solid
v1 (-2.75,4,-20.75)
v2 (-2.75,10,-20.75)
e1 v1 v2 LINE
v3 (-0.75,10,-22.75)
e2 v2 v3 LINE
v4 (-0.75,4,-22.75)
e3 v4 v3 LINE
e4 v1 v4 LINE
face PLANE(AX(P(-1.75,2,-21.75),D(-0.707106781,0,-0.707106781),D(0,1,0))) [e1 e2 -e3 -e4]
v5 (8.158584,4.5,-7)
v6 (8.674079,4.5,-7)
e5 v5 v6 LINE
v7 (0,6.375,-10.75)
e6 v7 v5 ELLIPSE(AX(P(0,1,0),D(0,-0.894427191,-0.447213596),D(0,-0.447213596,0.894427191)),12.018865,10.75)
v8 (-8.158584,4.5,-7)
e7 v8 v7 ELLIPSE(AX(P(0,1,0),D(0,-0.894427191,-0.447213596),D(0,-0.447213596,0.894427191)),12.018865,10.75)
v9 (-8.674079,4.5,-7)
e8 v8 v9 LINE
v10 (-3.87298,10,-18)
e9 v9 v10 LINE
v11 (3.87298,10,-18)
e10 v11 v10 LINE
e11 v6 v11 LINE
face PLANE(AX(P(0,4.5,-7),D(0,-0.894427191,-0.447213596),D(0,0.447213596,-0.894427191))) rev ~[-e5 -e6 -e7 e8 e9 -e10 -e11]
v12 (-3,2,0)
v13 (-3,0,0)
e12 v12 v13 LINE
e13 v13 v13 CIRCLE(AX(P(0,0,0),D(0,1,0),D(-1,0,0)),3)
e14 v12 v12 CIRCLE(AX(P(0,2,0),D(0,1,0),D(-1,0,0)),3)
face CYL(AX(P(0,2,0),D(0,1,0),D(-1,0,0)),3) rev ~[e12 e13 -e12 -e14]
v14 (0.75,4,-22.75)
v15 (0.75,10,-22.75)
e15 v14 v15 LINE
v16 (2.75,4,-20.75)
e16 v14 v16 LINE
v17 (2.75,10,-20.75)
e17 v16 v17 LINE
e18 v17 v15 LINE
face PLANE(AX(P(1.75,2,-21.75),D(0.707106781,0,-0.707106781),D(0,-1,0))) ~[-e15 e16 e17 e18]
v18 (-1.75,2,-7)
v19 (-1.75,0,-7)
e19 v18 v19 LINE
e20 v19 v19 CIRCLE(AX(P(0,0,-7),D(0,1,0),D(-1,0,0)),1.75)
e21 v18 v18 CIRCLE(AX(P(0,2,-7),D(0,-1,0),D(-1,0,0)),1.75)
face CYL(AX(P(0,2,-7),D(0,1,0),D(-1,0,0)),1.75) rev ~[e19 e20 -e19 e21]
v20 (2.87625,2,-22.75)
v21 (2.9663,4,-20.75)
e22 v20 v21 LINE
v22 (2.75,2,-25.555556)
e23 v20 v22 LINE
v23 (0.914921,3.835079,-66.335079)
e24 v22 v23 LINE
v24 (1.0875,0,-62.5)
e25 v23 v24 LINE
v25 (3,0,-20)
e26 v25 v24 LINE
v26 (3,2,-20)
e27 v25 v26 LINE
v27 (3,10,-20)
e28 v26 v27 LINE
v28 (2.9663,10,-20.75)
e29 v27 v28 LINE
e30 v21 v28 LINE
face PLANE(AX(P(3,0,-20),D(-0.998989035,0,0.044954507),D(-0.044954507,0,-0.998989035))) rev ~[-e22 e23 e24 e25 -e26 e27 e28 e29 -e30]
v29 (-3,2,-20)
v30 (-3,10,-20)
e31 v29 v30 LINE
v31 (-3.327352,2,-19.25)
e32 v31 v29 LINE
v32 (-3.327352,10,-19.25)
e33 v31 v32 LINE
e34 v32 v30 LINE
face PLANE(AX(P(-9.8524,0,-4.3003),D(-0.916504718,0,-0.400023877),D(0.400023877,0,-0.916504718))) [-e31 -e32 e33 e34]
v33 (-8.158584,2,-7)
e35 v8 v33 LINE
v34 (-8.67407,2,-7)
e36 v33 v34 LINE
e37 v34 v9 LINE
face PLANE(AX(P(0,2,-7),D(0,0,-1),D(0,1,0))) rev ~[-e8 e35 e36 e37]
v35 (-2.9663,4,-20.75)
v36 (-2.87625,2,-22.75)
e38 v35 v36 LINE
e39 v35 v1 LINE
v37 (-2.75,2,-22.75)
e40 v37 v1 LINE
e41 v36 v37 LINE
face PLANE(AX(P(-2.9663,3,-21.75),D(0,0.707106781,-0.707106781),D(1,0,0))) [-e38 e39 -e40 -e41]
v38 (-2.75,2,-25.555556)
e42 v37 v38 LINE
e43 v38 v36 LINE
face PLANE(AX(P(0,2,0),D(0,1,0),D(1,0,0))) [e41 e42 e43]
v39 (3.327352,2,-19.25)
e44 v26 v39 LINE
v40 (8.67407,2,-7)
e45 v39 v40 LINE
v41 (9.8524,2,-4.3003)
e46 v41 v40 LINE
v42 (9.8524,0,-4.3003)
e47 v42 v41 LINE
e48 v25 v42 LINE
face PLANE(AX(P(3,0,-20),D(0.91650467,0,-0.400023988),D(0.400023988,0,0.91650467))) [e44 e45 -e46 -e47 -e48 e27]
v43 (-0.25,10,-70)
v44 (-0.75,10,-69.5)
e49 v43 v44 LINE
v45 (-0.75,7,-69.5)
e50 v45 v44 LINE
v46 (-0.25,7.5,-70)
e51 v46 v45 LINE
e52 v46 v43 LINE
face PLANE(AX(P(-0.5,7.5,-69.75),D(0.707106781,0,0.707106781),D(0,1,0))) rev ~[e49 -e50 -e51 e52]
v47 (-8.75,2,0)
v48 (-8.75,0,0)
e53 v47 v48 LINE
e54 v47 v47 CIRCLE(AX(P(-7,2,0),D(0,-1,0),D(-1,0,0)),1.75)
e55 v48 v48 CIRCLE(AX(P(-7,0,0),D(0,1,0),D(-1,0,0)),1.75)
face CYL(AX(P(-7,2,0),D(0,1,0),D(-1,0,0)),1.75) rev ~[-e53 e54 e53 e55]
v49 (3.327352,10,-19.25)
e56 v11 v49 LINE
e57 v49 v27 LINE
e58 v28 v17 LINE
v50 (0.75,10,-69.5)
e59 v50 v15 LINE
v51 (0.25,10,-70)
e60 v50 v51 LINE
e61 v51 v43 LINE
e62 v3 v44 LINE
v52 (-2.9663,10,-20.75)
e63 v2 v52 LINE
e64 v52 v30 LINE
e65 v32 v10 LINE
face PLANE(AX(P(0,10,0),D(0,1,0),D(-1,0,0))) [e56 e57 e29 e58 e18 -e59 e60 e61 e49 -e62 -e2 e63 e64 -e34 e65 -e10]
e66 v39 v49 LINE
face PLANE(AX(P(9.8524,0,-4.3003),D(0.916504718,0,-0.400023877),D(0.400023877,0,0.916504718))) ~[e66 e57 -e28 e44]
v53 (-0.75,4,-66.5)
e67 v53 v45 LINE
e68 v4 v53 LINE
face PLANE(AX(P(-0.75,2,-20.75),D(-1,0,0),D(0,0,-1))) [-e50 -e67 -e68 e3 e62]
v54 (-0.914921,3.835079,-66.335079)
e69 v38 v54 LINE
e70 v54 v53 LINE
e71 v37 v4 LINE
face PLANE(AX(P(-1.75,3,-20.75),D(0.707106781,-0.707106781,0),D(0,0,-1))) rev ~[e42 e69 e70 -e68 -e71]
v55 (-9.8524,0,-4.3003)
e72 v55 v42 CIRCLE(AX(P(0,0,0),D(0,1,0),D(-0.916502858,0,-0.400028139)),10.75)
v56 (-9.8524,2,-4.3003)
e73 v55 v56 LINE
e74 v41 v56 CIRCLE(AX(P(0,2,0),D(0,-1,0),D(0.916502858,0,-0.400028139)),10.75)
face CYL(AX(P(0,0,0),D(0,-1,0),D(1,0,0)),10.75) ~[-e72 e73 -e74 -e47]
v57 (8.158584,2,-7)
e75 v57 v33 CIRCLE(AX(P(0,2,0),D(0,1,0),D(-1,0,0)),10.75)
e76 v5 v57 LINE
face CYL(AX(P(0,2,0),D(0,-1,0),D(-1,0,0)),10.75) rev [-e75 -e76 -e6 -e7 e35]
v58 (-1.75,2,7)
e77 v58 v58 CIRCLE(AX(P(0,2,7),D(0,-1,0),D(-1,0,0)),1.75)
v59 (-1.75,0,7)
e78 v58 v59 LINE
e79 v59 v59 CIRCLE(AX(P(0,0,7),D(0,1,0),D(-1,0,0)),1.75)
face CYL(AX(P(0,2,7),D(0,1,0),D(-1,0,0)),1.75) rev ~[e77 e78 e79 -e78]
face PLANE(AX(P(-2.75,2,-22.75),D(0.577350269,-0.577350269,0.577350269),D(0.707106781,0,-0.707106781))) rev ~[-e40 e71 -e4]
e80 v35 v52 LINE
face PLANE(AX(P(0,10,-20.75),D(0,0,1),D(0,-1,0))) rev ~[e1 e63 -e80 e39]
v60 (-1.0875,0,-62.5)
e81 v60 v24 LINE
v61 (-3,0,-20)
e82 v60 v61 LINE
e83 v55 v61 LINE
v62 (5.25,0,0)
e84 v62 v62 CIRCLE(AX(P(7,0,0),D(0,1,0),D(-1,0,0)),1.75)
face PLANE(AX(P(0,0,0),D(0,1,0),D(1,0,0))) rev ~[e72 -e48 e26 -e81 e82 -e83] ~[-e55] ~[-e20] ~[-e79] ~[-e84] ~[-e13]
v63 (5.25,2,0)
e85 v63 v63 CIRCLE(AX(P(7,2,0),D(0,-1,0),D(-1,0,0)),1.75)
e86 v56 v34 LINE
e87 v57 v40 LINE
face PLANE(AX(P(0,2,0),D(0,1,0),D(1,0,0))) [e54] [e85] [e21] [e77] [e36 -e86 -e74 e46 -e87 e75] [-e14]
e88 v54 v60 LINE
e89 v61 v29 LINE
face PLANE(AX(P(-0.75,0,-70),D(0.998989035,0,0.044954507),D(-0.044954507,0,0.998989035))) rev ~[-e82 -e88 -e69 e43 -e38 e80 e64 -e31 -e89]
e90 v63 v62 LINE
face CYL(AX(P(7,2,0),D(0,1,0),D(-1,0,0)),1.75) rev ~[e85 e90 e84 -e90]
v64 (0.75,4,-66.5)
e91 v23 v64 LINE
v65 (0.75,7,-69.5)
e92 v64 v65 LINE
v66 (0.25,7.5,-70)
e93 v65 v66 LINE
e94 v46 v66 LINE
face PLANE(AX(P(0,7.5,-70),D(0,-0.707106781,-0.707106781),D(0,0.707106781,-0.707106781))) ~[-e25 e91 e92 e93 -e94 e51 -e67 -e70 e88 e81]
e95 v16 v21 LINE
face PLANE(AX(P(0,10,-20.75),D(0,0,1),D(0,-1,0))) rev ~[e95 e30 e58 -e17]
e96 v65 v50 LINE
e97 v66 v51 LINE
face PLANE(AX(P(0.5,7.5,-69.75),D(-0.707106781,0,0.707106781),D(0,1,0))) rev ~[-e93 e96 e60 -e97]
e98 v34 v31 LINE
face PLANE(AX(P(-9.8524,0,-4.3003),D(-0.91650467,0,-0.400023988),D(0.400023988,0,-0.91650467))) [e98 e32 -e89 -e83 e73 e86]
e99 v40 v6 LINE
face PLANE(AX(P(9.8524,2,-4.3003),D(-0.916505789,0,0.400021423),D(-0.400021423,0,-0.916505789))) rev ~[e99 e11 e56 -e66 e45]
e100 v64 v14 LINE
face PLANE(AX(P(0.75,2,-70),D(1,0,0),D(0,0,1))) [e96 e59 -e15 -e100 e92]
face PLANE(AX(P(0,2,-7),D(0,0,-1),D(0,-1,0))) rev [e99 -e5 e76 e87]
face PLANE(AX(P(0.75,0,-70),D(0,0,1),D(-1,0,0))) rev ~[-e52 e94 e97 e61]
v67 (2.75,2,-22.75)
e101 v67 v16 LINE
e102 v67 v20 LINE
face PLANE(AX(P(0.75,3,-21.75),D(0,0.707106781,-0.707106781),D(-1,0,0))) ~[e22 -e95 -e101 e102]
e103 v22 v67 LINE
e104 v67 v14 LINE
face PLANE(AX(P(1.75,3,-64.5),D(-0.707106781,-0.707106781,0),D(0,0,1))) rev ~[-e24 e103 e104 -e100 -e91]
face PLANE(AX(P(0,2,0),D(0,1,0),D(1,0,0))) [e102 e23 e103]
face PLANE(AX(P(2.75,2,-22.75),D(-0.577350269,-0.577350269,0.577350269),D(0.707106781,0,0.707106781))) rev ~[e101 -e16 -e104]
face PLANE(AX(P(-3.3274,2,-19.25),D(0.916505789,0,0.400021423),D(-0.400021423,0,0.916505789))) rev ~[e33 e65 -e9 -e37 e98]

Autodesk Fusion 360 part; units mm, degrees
sketch "Sketch1" plane through (0, 0, 0) normal (0, 1, 0) x (1, 0, 0)
  circle A0 centre (0, 0) radius 10.75
  line L0 (-9.8524, 4.3003) -> (-3, 20)
  line L1 (-3, 20) -> (3, 20)
  line L2 (3, 20) -> (9.8524, 4.3003)
  line L3 (0, 0) -> (0, 20) construction
  line L4 (3, 20) -> (0.75, 70)
  line L5 (0.75, 70) -> (-0.75, 70)
  line L6 (-0.75, 70) -> (-3, 20)
  line L7 (0, 20) -> (0, 70) construction
  dimension "d1" = 21.5
  dimension "d6" = 6
  dimension "d7" = 20
  dimension "d8" = 90
  dimension "d14" = 90
  dimension "d15" = 1.5
  dimension "d16" = 70
extrude "Extrude1" add sketch "Sketch1" along normal blind 2
sketch "Sketch2" plane through (0, 2, 0) normal (0, 1, 0) x (-1, 0, 0)
  arc A0 (9.8524, -4.3003) -> (-9.8524, -4.3003) centre (0, 0) ccw
  circle A1 centre (0, 0) radius 7
  line L0 (-9.8524, -4.3003) -> (-3, -20)
  line L1 (3, -20) -> (9.8524, -4.3003)
  line L2 (0, 0) -> (0, -7) construction
  circle A2 centre (0, -7) radius 1.75
  circle A3 centre (7, 0) radius 1.75
  circle A4 centre (0, 7) radius 1.75
  circle A5 centre (-7, 0) radius 1.75
  line L3 (-3, -20) -> (-0.75, -70)
  line L4 (-0.75, -70) -> (0.75, -70)
  line L5 (0.75, -70) -> (3, -20)
  dimension "d5" = 14
  dimension "d9" = 3.5
  dimension "d11" = 360
extrude "Extrude2" cut sketch "Sketch2" against normal up to surface (2 mm away) contours A1 A3 | A1 A3 | A1 A4 | A1 A4 | A1 A2 | A1 A2 | A1 A5 | A1 A5
sketch "Sketch4" plane through (0, 2, 0) normal (0, 1, 0) x (-1, 0, 0)
  circle A0 centre (7, 0) radius 1.75
  circle A1 centre (0, 7) radius 1.75
  circle A2 centre (0, -7) radius 1.75
  circle A3 centre (-7, 0) radius 1.75
  line L0 (-3, -20) -> (-0.75, -70)
  line L1 (-0.75, -70) -> (0.75, -70)
  line L2 (0.75, -70) -> (3, -20)
  line L3 (3, -20) -> (9.8524, -4.3003)
  arc A4 (9.8524, -4.3003) -> (-9.8524, -4.3003) centre (0, 0) ccw
  line L4 (-9.8524, -4.3003) -> (-3, -20)
  circle A5 centre (0, 0) radius 10.75 construction
sketch "Sketch3" plane through (0, 0, 0) normal (1, 0, 0) x (0, 0, -1)
  line L0 (-1.75, 2) -> (1.75, 2)
  line L1 (-8.75, 2) -> (-5.25, 2)
  line L2 (5.25, 2) -> (8.75, 2)
  line L3 (-1.75, 2) -> (1.75, 2)
  line L4 (20, 2) -> (70, 2)
  line L5 (70, 2) -> (20, 2)
  line L6 (20, 2) -> (4.3003, 2)
  line L7 (4.3003, 2) -> (-10.75, 2)
  line L8 (4.3003, 2) -> (20, 2)
  line L9 (10.75, 2) -> (-10.75, 2)
  line L10 (20.75, 2) -> (19.25, 2)
  line L11 (19.25, 2) -> (19.25, 10)
  line L12 (19.25, 10) -> (20.75, 10)
  line L13 (20.75, 10) -> (20.75, 2)
  line L14 (20, 10) -> (20, 2) construction
  dimension "d17" = 1.5
  dimension "d18" = 8
extrude "Extrude3" add sketch "Sketch3" along normal up to surface end surface through (-9.8524, 0, -4.3003) normal (-0.916505, 0, -0.400024) offset 0
mirror "Mirror1" about plane through (0, 0, 0) normal (1, 0, 0) of "Extrude3"
sketch "Sketch5" plane through (0, 2, 0) normal (0, 1, 0) x (-1, 0, 0)
  line L0 (-2.6726, -20.75) -> (-3, -20)
  line L1 (-3, -20) -> (-0.75, -70)
  line L2 (-0.75, -70) -> (0.75, -70)
  line L3 (0.75, -70) -> (3, -20)
  line L4 (3, -20) -> (2.6726, -20.75)
  line L5 (2.6726, -20.75) -> (-2.6726, -20.75)
  line L6 (2.6726, -20.75) -> (3.3274, -19.25)
  line L7 (3.3274, -19.25) -> (-3.3274, -19.25)
  line L8 (-3.3274, -19.25) -> (-2.6726, -20.75)
  line L9 (-2.6726, -20.75) -> (2.6726, -20.75)
  line L10 (2.6726, -20.75) -> (2.9663, -20.75)
  line L11 (-2.6726, -20.75) -> (-2.9663, -20.75)
  line L12 (0.75, -70) -> (-0.75, -70)
  line L13 (-0.75, -70) -> (-0.75, -20.75)
  line L14 (-0.75, -20.75) -> (0.75, -20.75)
  line L15 (0.75, -20.75) -> (0.75, -70)
  circle A0 centre (7, 0) radius 1.75
  circle A1 centre (0, 7) radius 1.75
  circle A2 centre (0, -7) radius 1.75
  circle A3 centre (-7, 0) radius 1.75
  line L16 (-3.3274, -19.25) -> (3.3274, -19.25)
  line L17 (3.3274, -19.25) -> (9.8524, -4.3003)
  arc A4 (9.8524, -4.3003) -> (-9.8524, -4.3003) centre (0, 0) ccw
  line L18 (-9.8524, -4.3003) -> (-3.3274, -19.25)
  circle A5 centre (0, 0) radius 10.75
extrude "Extrude4" add sketch "Sketch5" along normal up to surface (8 mm away) contours L0 L1 L8 L11 | L2 L5 L9 L12 L13 L14 L15 | L7 L16 L17 L18 A5 | L3 L4 L6 L10
sketch "Sketch6" plane through (0, 0, 0) normal (1, 0, 0) x (0, 0, -1)
  line L0 (20, 10) -> (20, 0)
  line L1 (20, 0) -> (4.3003, 0)
  line L2 (4.3003, 0) -> (4.3003, 2)
  line L3 (4.3003, 2) -> (4.3003, 10)
  line L4 (4.3003, 10) -> (20, 10)
  line L5 (70, 0) -> (20, 0)
  line L6 (20, 0) -> (20, 10)
  line L7 (20, 10) -> (20.75, 10)
  line L8 (20.75, 10) -> (20.75, 2)
  line L9 (20.75, 2) -> (70, 2)
  line L10 (70, 2) -> (70, 0)
  line L11 (20.75, 10) -> (70, 10)
  line L12 (70, 10) -> (70, 2)
  line L13 (70, 2) -> (20.75, 2)
  line L14 (20.75, 2) -> (20.75, 10)
  line L15 (4.3003, 0) -> (-10.75, 0)
  line L16 (4.3003, 0) -> (4.3003, 2)
  line L17 (4.3003, 2) -> (-10.75, 2)
  line L18 (4.3003, 2) -> (4.3003, 0)
  line L19 (10.75, 10) -> (4.3003, 10)
  line L20 (4.3003, 10) -> (4.3003, 2)
  line L21 (10.75, 2) -> (4.3003, 2)
  line L22 (4.3003, 2) -> (4.3003, 10)
  line L23 (8.75, 0) -> (5.25, 0)
  line L24 (5.25, 2) -> (8.75, 2)
  line L25 (7, 2) -> (7, 4.5)
  line L26 (7, 4.5) -> (18, 10)
  point P0 (7, 2)
  dimension "d25" = 2.5
  dimension "d26" = 2
extrude "Extrude5" cut sketch "Sketch6" against normal through all contours L3 L4 L19 L20 L21 L22 L24 L25 L26
mirror "Mirror2" about plane through (0, 0, 0) normal (1, 0, 0) of "Extrude5"
sketch "Sketch7" plane through (0, 0, 0) normal (1, 0, 0) x (0, 0, -1)
  line L0 (70, 10) -> (20.75, 10)
  line L1 (20.75, 10) -> (20.75, 2)
  line L2 (20.75, 2) -> (70, 2)
  line L3 (70, 2) -> (70, 10)
  line L4 (20, 0) -> (70, 0)
  line L5 (70, 0) -> (70, 2)
  line L6 (70, 2) -> (20.75, 2)
  line L7 (20.75, 2) -> (20.75, 10)
  line L8 (20.75, 10) -> (20, 10)
  line L9 (20, 10) -> (20, 0)
  line L10 (70, 7.5) -> (62.5, 0)
  dimension "d30" = 2.5
  dimension "d31" = 45
extrude "Extrude6" cut sketch "Sketch7" along normal through all contours L2 L3 L6 L10 | L2 L4 L5 L6 L10
mirror "Mirror3" about plane through (0, 0, 0) normal (1, 0, 0) of "Extrude6"
chamfer "Chamfer1" distance 2 angle 45 6 edges at (0.75, 6, -20.75) (0.75, 2, -42.625) (1.8581, 2, -20.75) (-0.75, 6, -20.75) (-1.8581, 2, -20.75) (-0.75, 2, -42.625)
chamfer "Chamfer2" distance 0.5 angle 45 2 edges at (-0.75, 8.75, -70) (0.75, 8.75, -70)
sketch "Sketch8" plane through (0, 2, 0) normal (0, 1, 0) x (-1, 0, 0)
  circle A0 centre (0, -7) radius 1.75
  arc A1 (-8.1586, -7) -> (8.1586, -7) centre (0, 0) ccw
  line L0 (8.1586, -7) -> (8.6741, -7)
  line L1 (8.6741, -7) -> (9.8524, -4.3003)
  arc A2 (9.8524, -4.3003) -> (-9.8524, -4.3003) centre (0, 0) ccw
  line L2 (-9.8524, -4.3003) -> (-8.6741, -7)
  line L3 (-8.6741, -7) -> (-8.1586, -7)
  circle A3 centre (7, 0) radius 1.75
  circle A4 centre (0, 7) radius 1.75
  circle A5 centre (-7, 0) radius 1.75
  circle A6 centre (0, 0) radius 3
  dimension "d37" = 6
extrude "Extrude7" cut sketch "Sketch8" against normal up to surface (2 mm away) contours A6
equation "d14 = d8"
